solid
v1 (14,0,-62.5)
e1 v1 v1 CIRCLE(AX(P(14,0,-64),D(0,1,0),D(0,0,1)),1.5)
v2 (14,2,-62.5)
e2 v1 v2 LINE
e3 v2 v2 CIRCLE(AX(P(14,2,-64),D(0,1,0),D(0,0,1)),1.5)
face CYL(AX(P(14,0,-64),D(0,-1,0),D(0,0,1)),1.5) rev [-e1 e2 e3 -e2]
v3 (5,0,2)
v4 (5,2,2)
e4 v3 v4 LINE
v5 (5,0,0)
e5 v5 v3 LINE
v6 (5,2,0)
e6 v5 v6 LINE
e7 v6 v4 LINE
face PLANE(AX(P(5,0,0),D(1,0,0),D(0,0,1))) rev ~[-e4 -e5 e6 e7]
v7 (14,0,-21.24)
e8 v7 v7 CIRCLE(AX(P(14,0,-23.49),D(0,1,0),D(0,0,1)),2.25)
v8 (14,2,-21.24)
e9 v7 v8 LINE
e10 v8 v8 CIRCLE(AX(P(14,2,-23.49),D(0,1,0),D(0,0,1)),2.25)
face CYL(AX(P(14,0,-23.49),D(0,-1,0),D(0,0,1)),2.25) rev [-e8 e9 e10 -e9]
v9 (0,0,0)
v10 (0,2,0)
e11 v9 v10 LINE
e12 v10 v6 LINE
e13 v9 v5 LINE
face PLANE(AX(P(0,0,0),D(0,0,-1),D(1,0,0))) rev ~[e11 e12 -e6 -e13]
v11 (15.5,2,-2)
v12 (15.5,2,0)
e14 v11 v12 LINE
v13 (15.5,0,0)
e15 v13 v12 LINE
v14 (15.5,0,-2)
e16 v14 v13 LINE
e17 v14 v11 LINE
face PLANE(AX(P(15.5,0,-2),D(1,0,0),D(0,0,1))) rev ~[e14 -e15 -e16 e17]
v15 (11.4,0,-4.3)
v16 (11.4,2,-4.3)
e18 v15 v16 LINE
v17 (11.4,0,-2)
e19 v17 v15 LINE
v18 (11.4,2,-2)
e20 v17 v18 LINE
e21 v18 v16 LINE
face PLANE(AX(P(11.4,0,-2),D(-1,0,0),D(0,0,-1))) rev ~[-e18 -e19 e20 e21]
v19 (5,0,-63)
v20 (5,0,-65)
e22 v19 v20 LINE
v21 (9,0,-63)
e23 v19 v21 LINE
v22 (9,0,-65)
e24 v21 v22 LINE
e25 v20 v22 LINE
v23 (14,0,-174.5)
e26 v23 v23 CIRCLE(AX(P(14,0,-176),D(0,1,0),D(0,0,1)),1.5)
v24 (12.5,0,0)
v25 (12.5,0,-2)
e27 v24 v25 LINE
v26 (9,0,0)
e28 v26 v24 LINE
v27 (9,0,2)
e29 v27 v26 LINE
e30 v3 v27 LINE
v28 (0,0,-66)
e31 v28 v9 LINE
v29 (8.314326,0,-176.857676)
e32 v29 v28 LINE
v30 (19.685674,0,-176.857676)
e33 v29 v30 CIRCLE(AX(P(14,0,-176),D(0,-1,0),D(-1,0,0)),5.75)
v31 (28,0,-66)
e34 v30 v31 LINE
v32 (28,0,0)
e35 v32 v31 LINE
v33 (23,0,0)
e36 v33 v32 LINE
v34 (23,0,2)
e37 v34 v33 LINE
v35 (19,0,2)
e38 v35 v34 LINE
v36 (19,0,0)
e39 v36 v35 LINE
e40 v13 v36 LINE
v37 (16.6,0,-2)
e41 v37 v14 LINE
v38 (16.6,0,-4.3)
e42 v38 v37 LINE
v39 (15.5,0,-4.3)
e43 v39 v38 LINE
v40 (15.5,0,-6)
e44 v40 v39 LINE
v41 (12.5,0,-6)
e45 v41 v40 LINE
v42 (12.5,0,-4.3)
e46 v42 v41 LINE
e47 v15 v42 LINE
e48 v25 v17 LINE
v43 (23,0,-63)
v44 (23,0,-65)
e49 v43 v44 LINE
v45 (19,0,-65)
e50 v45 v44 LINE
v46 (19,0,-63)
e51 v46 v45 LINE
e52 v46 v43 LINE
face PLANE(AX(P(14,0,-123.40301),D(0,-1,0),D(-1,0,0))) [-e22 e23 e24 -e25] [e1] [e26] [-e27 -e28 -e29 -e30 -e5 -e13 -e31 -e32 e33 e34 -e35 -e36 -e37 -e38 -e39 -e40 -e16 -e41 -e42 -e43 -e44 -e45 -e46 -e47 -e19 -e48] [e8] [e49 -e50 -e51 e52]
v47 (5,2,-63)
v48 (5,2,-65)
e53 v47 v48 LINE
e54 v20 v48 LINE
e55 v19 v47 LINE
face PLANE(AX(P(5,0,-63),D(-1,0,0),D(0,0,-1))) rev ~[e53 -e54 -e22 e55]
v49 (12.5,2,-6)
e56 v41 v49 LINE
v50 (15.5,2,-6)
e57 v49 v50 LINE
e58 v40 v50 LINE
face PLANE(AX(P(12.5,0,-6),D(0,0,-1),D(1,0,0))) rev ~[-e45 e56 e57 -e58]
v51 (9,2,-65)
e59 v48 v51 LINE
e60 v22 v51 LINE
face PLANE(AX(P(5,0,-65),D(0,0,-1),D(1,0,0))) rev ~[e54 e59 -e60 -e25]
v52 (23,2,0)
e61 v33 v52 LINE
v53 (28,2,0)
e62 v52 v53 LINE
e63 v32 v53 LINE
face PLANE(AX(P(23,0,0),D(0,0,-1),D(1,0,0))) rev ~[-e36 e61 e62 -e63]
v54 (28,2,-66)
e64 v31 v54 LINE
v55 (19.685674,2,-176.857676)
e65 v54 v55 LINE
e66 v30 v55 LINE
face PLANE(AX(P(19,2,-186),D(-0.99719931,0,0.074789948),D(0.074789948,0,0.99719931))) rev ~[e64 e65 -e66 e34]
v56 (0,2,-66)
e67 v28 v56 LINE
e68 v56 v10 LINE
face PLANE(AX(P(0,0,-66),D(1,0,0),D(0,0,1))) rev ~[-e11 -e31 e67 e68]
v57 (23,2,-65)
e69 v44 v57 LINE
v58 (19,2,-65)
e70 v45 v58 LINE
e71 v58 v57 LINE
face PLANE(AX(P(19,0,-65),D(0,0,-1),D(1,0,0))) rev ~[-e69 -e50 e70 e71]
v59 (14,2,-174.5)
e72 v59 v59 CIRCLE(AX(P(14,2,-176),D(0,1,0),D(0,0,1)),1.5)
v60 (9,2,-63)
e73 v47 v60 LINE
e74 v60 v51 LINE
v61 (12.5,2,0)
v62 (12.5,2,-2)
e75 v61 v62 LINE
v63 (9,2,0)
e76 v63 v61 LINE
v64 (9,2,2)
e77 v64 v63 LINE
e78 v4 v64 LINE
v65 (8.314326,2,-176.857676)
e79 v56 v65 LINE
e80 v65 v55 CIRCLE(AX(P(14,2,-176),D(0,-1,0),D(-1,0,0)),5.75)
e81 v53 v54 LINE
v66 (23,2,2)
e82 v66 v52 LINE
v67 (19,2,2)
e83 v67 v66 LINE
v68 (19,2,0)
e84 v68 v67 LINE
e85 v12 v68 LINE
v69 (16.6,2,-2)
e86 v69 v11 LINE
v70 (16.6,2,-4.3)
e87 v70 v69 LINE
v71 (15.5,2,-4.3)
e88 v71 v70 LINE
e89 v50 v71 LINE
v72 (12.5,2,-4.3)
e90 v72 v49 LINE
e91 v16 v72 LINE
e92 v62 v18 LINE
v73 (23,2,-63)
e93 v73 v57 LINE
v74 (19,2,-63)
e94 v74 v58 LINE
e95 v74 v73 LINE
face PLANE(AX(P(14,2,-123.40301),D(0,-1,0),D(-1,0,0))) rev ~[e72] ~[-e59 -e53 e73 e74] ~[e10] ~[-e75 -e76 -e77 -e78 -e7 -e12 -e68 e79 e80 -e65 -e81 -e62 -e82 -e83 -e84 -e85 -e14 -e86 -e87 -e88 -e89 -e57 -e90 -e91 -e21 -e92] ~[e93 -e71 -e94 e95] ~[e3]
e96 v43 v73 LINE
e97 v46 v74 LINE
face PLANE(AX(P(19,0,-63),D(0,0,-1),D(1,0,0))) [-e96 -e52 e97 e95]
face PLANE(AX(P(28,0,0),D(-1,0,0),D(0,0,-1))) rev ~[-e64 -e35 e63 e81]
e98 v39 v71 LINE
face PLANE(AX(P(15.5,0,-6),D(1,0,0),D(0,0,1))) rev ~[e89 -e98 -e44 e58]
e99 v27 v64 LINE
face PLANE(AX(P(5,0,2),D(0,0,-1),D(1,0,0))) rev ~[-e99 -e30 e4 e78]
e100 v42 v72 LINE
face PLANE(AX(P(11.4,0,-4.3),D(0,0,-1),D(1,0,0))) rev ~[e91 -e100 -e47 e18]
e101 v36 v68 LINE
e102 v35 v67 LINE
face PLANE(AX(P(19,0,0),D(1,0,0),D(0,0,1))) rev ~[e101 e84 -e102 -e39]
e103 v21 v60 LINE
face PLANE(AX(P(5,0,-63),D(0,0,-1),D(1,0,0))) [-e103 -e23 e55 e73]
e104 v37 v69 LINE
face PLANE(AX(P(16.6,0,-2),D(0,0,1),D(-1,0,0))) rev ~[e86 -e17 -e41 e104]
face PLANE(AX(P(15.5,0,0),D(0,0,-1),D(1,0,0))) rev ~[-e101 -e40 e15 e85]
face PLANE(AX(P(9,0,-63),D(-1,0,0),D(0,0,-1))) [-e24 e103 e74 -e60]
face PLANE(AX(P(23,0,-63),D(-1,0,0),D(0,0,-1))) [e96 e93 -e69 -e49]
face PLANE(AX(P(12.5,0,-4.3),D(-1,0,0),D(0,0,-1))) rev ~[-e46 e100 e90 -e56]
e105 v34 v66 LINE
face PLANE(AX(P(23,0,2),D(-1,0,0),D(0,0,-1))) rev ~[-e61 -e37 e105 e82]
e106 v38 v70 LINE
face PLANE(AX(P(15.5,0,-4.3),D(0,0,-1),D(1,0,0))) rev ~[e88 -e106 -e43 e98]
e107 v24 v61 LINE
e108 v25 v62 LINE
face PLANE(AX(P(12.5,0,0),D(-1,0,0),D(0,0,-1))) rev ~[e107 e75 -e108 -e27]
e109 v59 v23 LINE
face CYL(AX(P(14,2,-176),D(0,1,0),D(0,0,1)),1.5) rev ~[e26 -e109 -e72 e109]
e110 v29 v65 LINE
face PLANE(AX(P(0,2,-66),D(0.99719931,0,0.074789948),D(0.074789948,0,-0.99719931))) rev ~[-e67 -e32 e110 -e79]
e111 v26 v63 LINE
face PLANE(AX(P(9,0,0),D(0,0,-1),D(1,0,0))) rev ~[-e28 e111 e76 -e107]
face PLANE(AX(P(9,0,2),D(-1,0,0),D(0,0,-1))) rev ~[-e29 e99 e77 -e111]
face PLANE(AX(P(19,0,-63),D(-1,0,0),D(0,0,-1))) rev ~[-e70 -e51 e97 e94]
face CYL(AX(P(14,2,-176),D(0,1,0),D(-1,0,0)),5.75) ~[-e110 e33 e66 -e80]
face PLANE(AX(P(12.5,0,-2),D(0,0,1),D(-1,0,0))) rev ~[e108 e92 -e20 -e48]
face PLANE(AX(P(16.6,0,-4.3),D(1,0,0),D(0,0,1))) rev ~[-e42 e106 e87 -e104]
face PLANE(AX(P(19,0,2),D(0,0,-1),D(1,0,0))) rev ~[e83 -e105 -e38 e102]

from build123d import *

# Parameters (mm, degrees)
SKETCH1_R           = 1.5
SKETCH1_R_2         = 2.25
SKETCH1_W           = 4
SKETCH1_H           = 2
BOSS_EXTRUDE1_DEPTH = 2
BOSS_EXTRUDE2_DEPTH = 2
SKETCH3_R           = 1.5
CUT_EXTRUDE1_DEPTH  = 2


with BuildPart() as part:
    # Sketch1 → Boss-Extrude1 (new body)
    with BuildSketch(Plane(origin=(0, 0, 0), x_dir=(1, 0, 0), z_dir=(0, 1, 0))):
        Polygon((0, 0), (5, 0), (5, -2), (9, -2), (9, 0), (12.5, 0), (12.5, 2), (11.4, 2), (11.4, 4.3), (12.5, 4.3), (12.5, 6), (15.5, 6), (15.5, 4.3), (16.6, 4.3), (16.6, 2), (15.5, 2), (15.5, 0), (19, 0), (19, -2), (23, -2), (23, 0), (28, 0), (28, 66), (0, 66), align=None)
        with Locations(Location((14, 64, 0), (0, 0, 270))):
            Circle(SKETCH1_R, mode=Mode.SUBTRACT)
        with Locations(Location((14, 23.49, 0), (0, 0, 270))):
            Circle(SKETCH1_R_2, mode=Mode.SUBTRACT)
        with Locations((7, 64)):
            Rectangle(SKETCH1_W, SKETCH1_H, mode=Mode.SUBTRACT)
        with Locations((21, 64)):
            Rectangle(SKETCH1_W, SKETCH1_H, mode=Mode.SUBTRACT)
    extrude(amount=BOSS_EXTRUDE1_DEPTH)

    # Sketch2 → Boss-Extrude2 (add)
    with BuildSketch(Plane(origin=(0, 2, 0), x_dir=(1, 0, 0), z_dir=(0, 1, 0))):
        with BuildLine():
            Line((28, 66), (0, 66))
            Line((0, 66), (9, 186))
            ThreePointArc((9, 186), (14, 191), (19, 186))
            Line((19, 186), (28, 66))
        make_face()
    extrude(amount=-BOSS_EXTRUDE2_DEPTH)

    # Sketch3 → Cut-Extrude1 (cut)
    with BuildSketch(Plane(origin=(0, 2, 0), x_dir=(1, 0, 0), z_dir=(0, 1, 0))):
        with Locations(Location((14, 176, 0), (0, 0, 270))):
            Circle(SKETCH3_R)
        with BuildLine():
            Line((19.75, 176), (22.006411719, 176))
            Line((22.006411719, 176), (22.006411719, 202.106155701))
            Line((22.006411719, 202.106155701), (5.130827786, 202.106155701))
            Line((5.130827786, 202.106155701), (5.130827786, 176))
            Line((5.130827786, 176), (8.25, 176))
            ThreePointArc((8.25, 176), (14, 181.75), (19.75, 176))
        make_face()
    extrude(amount=-CUT_EXTRUDE1_DEPTH, mode=Mode.SUBTRACT)


solid = part.part
